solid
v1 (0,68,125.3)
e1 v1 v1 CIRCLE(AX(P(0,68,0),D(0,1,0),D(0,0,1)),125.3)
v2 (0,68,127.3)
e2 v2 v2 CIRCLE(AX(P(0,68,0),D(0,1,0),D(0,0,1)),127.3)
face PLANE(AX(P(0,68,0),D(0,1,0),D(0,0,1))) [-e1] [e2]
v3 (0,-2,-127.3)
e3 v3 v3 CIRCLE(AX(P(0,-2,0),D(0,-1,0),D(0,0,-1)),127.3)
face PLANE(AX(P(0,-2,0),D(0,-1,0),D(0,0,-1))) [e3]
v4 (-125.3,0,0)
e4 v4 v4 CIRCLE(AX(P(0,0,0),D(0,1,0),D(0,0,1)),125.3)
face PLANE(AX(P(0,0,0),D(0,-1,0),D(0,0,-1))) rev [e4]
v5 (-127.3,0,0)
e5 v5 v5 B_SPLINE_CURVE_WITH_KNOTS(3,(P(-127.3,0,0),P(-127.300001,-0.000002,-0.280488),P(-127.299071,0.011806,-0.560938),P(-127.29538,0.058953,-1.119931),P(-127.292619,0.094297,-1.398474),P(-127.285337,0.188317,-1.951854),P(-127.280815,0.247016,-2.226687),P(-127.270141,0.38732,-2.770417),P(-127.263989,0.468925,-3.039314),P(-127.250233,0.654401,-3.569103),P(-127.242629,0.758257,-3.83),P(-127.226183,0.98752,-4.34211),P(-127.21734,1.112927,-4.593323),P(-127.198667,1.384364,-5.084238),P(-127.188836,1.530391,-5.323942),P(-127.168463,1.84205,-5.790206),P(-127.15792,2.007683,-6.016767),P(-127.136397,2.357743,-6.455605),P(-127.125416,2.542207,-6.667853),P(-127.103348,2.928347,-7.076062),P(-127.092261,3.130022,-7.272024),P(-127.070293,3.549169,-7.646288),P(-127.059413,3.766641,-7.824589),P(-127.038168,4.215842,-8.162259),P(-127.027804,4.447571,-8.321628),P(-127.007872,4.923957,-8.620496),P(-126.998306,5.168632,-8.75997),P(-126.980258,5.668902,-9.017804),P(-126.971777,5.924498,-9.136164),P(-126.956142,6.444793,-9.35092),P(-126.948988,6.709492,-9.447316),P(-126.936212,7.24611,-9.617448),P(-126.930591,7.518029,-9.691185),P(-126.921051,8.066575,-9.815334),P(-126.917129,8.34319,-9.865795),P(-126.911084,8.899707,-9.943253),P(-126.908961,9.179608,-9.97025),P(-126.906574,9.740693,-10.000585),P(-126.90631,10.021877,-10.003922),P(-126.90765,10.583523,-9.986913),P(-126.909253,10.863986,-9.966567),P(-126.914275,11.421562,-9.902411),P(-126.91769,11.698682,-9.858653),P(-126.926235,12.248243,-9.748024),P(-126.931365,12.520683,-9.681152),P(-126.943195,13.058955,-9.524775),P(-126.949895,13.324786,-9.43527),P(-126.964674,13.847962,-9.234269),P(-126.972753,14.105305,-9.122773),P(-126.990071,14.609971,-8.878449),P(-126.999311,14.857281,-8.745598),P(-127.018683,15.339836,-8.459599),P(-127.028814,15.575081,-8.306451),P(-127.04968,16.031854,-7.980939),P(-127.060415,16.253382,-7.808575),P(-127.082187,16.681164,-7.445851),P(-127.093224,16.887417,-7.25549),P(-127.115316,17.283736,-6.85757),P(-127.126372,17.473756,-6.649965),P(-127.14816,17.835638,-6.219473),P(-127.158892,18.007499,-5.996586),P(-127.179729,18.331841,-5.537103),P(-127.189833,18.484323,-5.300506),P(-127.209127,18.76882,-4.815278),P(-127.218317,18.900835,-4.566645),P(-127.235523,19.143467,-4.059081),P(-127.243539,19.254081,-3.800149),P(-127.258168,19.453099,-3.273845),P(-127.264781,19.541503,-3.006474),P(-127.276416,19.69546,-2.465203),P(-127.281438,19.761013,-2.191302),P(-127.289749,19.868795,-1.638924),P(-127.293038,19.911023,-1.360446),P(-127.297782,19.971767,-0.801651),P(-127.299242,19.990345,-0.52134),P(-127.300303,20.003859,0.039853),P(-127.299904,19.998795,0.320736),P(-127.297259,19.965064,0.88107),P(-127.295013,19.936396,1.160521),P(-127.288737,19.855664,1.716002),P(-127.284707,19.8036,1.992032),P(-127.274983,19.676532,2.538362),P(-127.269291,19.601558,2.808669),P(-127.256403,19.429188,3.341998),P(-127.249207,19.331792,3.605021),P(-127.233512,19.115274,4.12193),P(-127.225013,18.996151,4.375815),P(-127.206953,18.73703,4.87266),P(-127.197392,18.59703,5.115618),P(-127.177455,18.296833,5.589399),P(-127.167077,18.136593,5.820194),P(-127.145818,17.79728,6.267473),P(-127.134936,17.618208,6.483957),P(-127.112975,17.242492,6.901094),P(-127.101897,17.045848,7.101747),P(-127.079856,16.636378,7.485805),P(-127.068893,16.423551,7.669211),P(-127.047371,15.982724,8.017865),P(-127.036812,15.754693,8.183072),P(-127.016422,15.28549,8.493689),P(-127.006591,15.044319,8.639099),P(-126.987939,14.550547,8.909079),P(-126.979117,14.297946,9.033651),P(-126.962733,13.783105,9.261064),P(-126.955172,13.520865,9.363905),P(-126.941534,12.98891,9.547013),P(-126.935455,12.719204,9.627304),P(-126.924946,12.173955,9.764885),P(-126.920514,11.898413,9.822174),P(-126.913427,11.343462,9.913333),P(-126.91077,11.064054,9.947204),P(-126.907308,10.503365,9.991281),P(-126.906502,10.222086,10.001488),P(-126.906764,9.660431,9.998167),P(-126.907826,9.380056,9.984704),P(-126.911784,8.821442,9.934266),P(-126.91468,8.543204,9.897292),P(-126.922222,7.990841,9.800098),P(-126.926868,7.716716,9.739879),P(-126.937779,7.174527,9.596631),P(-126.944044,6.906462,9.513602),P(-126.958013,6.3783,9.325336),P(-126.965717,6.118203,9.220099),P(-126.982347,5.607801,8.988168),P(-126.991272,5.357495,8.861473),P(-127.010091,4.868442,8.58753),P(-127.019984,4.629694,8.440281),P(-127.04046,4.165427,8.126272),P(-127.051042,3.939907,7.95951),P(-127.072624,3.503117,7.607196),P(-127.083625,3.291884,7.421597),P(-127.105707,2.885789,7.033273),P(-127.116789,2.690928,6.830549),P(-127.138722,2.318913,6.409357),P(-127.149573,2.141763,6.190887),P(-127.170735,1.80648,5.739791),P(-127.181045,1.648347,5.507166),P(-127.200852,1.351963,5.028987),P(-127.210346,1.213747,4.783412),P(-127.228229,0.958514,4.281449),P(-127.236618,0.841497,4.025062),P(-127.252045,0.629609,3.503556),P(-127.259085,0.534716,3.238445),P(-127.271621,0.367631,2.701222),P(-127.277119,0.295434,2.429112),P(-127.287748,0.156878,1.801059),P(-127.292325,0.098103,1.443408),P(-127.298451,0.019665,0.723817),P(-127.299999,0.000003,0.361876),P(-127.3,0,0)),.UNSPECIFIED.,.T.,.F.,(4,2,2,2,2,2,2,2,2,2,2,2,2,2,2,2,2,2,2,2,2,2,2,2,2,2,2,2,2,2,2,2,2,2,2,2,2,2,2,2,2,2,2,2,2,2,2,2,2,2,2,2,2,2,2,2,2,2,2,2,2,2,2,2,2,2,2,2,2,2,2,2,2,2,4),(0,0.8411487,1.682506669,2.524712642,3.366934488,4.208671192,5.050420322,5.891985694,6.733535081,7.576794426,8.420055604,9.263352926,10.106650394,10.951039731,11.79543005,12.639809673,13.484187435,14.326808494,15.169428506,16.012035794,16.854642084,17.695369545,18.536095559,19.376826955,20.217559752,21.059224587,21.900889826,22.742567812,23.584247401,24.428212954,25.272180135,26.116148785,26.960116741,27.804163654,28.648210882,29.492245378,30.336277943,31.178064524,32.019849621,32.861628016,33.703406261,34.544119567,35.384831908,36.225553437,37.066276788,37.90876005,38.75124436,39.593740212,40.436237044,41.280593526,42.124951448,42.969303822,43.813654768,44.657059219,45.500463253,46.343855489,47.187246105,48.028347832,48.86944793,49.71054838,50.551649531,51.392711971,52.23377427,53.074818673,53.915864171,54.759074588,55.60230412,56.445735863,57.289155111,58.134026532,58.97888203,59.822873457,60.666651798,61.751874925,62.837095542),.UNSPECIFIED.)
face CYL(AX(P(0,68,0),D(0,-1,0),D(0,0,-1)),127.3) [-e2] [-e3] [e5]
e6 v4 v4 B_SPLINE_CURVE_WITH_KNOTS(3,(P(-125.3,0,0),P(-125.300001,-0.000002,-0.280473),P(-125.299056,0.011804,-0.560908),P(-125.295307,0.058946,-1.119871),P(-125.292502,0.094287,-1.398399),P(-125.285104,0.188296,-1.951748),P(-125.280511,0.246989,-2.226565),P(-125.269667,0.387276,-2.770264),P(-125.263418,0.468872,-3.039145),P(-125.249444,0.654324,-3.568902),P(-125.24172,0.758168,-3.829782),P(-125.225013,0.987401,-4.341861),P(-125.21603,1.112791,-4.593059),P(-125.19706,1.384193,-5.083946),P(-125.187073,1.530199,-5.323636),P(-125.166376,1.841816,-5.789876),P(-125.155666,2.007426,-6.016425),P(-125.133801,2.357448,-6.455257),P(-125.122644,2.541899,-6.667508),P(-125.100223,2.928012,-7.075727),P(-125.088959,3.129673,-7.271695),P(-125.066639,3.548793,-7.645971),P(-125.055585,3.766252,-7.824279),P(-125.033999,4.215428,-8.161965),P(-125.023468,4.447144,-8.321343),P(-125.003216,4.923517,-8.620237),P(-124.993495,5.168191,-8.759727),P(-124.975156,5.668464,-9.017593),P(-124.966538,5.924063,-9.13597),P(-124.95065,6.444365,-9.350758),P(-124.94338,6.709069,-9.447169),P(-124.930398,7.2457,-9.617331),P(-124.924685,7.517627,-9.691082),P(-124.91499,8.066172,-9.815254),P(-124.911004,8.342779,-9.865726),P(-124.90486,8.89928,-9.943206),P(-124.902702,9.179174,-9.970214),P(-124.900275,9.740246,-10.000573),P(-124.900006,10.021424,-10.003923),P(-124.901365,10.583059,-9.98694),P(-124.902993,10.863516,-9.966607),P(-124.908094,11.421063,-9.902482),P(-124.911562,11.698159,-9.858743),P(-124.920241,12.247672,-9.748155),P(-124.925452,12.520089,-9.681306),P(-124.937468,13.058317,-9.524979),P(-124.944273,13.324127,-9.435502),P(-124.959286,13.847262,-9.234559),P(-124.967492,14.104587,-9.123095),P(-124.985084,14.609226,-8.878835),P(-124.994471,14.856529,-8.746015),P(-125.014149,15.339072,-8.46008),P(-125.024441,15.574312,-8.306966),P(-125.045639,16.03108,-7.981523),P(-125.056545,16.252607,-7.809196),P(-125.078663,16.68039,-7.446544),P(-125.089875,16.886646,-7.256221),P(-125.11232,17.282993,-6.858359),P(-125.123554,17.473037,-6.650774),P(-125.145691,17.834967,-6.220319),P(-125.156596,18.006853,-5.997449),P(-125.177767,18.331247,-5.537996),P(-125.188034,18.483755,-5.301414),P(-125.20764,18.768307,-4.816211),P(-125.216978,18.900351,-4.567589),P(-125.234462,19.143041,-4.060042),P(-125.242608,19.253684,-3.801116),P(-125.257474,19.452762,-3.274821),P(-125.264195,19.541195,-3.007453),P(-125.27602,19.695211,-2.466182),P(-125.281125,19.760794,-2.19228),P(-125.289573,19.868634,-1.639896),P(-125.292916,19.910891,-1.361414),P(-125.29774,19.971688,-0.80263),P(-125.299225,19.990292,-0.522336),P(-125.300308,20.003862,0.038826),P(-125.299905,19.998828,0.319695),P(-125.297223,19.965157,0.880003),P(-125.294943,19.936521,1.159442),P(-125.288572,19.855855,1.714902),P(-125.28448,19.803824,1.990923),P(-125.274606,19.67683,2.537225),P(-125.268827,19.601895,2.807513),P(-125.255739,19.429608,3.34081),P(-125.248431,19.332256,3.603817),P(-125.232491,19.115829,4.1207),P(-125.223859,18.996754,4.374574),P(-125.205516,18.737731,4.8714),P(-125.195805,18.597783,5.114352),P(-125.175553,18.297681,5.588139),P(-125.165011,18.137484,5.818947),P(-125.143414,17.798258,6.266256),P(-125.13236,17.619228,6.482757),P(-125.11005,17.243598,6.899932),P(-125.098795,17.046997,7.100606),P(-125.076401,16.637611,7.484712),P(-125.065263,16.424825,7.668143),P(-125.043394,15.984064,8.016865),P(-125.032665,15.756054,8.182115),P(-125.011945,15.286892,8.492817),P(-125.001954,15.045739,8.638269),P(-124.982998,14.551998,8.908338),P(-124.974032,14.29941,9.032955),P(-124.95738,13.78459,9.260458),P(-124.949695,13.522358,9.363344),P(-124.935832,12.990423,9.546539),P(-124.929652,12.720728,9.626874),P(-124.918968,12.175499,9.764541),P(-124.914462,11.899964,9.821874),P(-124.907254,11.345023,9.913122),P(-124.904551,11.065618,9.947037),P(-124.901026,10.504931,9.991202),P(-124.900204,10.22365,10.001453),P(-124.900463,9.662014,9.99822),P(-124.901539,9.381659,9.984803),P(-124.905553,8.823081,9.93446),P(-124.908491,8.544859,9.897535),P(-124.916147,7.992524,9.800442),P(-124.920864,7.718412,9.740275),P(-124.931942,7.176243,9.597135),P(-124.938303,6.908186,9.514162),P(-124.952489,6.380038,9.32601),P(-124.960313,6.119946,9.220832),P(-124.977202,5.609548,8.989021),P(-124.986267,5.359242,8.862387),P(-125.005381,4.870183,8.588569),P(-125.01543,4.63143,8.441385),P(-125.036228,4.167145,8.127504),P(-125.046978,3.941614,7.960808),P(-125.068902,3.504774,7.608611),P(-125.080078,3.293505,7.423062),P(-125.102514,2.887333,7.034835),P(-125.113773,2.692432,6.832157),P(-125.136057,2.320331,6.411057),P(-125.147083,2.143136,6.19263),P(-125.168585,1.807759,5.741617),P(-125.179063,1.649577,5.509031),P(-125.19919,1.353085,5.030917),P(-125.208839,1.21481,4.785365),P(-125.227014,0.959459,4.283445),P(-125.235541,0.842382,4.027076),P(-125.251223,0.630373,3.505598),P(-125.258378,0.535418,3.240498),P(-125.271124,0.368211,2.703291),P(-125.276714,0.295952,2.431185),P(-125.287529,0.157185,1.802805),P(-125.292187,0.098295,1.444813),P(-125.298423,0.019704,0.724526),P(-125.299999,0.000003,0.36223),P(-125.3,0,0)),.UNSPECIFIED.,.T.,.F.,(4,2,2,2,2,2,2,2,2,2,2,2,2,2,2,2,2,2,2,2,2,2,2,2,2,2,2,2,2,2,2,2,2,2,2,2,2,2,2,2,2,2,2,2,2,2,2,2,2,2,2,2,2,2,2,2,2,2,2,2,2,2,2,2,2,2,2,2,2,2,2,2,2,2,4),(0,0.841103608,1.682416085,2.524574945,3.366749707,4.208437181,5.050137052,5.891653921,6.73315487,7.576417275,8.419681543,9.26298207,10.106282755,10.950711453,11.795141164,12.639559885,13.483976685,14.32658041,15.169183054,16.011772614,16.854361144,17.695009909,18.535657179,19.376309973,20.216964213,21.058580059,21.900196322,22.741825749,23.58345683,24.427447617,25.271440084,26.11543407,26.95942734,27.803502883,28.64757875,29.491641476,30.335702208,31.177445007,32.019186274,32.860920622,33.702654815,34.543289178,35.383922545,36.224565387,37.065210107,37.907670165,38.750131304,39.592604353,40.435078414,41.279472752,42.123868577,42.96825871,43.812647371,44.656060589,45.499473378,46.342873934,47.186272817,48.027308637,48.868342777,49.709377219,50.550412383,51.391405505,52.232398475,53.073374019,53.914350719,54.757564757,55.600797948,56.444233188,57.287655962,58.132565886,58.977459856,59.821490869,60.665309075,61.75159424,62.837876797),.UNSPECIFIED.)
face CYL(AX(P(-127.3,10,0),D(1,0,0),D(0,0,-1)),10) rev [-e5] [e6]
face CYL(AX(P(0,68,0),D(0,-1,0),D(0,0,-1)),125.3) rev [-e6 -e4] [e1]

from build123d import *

# Parameters (mm, degrees)
SKETCH1_R           = 127.3
SKETCH1_R_2         = 125.3
BOSS_EXTRUDE1_DEPTH = 68
BOSS_EXTRUDE2_START = 2
SKETCH4_R           = 127.3
BOSS_EXTRUDE2_DEPTH = 2
SKETCH3_R           = 10
CUT_EXTRUDE3_DEPTH  = 193.443706055


with BuildPart() as part:
    # Sketch1 → Boss-Extrude1 (new body)
    with BuildSketch(Plane(origin=(0, 0, 0), x_dir=(1, 0, 0), z_dir=(0, 1, 0))):
        with Locations(Location((0, 0, 0), (0, 0, 270))):
            Circle(SKETCH1_R)
        with Locations(Location((0, 0, 0), (0, 0, 270))):
            Circle(SKETCH1_R_2, mode=Mode.SUBTRACT)
    extrude(amount=BOSS_EXTRUDE1_DEPTH)

    # Sketch4 → Boss-Extrude2 (add)
    with BuildSketch(Plane.XZ.offset(BOSS_EXTRUDE2_START)):
        with Locations(Location((0, 0, 0), (0, 0, 270))):
            Circle(SKETCH4_R)
    extrude(amount=-BOSS_EXTRUDE2_DEPTH)

    # Sketch3 → Cut-Extrude3 (cut, through all)
    with BuildSketch(Plane(origin=(0, 0, 0), x_dir=(0, 0, -1), z_dir=(1, 0, 0))):
        with Locations(Location((0, 10, 0), (0, 0, 270))):
            Circle(SKETCH3_R)
    extrude(amount=-CUT_EXTRUDE3_DEPTH, mode=Mode.SUBTRACT)


solid = part.part
